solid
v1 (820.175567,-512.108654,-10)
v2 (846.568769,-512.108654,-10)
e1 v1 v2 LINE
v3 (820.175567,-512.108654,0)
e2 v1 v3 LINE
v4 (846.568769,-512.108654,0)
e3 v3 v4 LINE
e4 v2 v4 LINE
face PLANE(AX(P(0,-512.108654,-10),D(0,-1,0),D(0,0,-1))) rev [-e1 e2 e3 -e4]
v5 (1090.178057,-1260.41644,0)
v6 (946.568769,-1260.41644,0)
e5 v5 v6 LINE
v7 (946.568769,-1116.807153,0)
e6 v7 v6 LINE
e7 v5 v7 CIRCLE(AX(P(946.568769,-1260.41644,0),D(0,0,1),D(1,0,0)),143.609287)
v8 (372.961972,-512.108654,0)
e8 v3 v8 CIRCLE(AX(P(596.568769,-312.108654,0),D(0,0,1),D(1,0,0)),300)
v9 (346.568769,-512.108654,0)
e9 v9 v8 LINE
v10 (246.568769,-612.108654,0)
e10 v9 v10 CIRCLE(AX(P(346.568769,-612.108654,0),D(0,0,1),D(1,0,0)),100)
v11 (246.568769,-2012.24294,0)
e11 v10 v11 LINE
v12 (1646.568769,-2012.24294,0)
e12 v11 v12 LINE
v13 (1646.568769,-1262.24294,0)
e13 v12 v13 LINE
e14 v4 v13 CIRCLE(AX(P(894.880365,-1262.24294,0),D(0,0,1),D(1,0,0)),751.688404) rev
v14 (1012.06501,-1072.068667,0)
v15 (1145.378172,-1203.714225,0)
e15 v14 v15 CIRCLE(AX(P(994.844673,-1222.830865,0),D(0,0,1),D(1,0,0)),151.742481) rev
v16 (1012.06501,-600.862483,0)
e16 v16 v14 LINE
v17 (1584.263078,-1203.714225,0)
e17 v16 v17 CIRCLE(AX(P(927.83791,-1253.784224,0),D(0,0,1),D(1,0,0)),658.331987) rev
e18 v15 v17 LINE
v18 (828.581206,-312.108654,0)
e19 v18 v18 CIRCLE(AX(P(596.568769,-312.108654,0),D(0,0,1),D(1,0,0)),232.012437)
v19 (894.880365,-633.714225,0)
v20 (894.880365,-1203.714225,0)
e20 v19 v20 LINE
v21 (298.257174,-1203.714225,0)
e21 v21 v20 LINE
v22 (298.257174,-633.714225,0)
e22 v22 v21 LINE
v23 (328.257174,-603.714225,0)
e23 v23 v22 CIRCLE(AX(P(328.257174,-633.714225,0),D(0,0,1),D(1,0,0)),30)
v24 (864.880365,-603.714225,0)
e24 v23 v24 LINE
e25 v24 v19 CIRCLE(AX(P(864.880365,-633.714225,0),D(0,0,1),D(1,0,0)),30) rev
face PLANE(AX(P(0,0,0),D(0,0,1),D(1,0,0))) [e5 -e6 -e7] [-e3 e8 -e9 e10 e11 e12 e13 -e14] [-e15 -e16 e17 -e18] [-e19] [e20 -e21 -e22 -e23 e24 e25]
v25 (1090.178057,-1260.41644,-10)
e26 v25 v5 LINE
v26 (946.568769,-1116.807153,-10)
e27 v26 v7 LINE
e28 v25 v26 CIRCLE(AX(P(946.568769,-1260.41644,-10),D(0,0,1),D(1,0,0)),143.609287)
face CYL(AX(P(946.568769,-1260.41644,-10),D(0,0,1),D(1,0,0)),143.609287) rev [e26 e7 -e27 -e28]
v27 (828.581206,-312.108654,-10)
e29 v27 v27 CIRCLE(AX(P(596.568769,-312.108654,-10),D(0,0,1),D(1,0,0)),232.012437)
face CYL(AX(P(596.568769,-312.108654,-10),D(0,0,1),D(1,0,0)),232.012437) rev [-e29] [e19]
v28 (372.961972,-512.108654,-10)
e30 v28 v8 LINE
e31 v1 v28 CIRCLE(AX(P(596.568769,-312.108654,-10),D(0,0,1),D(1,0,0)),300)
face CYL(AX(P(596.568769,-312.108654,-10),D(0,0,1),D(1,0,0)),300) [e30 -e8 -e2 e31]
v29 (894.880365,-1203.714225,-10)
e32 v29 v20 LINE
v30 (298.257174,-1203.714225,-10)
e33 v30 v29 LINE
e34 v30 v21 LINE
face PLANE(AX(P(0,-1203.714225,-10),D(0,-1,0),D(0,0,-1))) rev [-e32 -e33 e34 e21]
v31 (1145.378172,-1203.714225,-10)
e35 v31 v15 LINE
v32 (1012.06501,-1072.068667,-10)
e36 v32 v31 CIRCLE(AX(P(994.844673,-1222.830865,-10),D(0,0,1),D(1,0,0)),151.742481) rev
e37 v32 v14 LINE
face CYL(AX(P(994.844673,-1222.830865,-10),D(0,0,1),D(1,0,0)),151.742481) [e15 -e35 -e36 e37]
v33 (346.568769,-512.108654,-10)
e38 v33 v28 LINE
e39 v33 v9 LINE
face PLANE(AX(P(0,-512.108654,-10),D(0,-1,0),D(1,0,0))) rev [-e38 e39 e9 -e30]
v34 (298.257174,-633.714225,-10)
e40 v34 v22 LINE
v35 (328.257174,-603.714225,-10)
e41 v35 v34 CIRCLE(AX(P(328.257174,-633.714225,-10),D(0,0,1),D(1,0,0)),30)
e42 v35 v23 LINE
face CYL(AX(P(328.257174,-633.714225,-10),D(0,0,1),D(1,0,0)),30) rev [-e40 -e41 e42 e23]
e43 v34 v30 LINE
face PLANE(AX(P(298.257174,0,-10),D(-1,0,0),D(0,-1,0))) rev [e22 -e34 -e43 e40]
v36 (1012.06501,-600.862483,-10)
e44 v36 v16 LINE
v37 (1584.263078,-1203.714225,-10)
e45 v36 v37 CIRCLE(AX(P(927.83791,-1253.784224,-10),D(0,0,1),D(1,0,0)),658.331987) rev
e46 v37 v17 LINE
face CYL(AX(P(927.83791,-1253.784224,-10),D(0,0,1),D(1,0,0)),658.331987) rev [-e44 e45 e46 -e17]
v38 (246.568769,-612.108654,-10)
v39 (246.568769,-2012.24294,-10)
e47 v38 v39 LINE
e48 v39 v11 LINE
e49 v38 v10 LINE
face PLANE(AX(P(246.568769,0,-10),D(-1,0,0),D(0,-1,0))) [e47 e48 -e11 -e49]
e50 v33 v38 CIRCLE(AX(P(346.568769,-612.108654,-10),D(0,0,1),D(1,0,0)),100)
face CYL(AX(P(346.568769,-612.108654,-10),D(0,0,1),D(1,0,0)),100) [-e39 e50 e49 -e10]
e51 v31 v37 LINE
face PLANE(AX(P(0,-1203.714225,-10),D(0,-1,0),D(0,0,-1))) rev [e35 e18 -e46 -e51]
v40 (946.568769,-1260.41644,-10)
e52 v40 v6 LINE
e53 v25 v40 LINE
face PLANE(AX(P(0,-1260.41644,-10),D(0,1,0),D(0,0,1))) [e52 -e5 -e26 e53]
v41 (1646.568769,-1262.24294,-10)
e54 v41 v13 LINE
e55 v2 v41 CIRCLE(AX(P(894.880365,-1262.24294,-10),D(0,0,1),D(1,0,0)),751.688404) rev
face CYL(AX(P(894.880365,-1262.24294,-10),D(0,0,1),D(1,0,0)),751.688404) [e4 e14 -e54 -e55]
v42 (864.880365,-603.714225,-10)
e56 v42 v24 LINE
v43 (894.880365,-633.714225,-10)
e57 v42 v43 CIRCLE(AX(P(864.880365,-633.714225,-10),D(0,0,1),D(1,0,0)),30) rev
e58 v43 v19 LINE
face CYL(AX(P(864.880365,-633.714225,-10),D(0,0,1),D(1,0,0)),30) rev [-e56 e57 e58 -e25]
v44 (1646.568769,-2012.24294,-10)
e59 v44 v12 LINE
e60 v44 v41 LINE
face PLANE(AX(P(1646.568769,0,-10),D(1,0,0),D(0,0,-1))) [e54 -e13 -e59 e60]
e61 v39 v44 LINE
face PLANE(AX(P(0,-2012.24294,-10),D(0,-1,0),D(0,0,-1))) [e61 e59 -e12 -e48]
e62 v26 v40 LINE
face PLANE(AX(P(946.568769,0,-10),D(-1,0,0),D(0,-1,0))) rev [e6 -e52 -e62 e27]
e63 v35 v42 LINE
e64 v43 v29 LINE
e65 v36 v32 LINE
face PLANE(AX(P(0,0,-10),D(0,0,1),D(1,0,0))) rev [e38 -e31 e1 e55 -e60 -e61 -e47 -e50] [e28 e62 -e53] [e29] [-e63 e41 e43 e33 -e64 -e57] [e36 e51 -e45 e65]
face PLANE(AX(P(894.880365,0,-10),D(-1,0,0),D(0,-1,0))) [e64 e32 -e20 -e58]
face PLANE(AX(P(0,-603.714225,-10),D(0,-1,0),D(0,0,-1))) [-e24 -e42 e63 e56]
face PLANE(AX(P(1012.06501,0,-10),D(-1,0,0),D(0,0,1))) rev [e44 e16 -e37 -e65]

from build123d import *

# Parameters (mm, degrees)
SKETCH1_R           = 232.012436726
BOSS_EXTRUDE2_DEPTH = 10


with BuildPart() as part:
    # Sketch1 → Boss-Extrude2 (new body)
    with BuildSketch(Plane.XY):
        with BuildLine():
            Line((846.568769473, -512.108653834), (820.175567223, -512.108653834))
            ThreePointArc((820.175567223, -512.108653834), (596.568769473, -12.108653834), (372.961971723, -512.108653834))
            Line((372.961971723, -512.108653834), (346.568769473, -512.108653834))
            ThreePointArc((346.568769473, -512.108653834), (275.858091355, -541.397975715), (246.568769473, -612.108653834))
            Line((246.568769473, -612.108653834), (246.568769473, -1812.108653834))
            Line((246.568769473, -1812.108653834), (246.568769473, -2012.242939545))
            Line((246.568769473, -2012.242939545), (946.568769473, -2012.242939545))
            Line((946.568769473, -2012.242939545), (1646.568769473, -2012.242939545))
            Line((1646.568769473, -2012.242939545), (1646.568769473, -1812.108653834))
            Line((1646.568769473, -1812.108653834), (1646.568769473, -1262.242939545))
            ThreePointArc((1646.568769473, -1262.242939545), (1409.039966295, -713.90421061), (846.568769473, -512.108653834))
        make_face()
        with BuildLine():
            Line((946.568769473, -1260.416440178), (946.568769473, -1116.807153033))
            ThreePointArc((946.568769473, -1116.807153033), (1048.115870255, -1158.869339396), (1090.178056619, -1260.416440178))
            Line((1090.178056619, -1260.416440178), (946.568769473, -1260.416440178))
        make_face(mode=Mode.SUBTRACT)
        with BuildLine():
            ThreePointArc((298.257173598, -633.714224791), (307.043970163, -612.501021355), (328.257173598, -603.714224791))
            Line((328.257173598, -603.714224791), (864.880365349, -603.714224791))
            ThreePointArc((864.880365349, -603.714224791), (886.093568784, -612.501021355), (894.880365349, -633.714224791))
            Line((894.880365349, -633.714224791), (894.880365349, -1203.714224791))
            Line((894.880365349, -1203.714224791), (298.257173598, -1203.714224791))
            Line((298.257173598, -1203.714224791), (298.257173598, -633.714224791))
        make_face(mode=Mode.SUBTRACT)
        with Locations((596.568769473, -312.108653834)):
            Circle(SKETCH1_R, mode=Mode.SUBTRACT)
        with BuildLine():
            Line((1012.065009988, -1072.068666538), (1012.065009988, -600.862482616))
            ThreePointArc((1012.065009988, -600.862482616), (1405.330319639, -800.571245417), (1584.263077669, -1203.714224791))
            Line((1584.263077669, -1203.714224791), (1145.378172354, -1203.714224791))
            ThreePointArc((1145.378172354, -1203.714224791), (1101.465382273, -1114.859550352), (1012.065009988, -1072.068666538))
        make_face(mode=Mode.SUBTRACT)
    extrude(amount=-BOSS_EXTRUDE2_DEPTH)


solid = part.part
